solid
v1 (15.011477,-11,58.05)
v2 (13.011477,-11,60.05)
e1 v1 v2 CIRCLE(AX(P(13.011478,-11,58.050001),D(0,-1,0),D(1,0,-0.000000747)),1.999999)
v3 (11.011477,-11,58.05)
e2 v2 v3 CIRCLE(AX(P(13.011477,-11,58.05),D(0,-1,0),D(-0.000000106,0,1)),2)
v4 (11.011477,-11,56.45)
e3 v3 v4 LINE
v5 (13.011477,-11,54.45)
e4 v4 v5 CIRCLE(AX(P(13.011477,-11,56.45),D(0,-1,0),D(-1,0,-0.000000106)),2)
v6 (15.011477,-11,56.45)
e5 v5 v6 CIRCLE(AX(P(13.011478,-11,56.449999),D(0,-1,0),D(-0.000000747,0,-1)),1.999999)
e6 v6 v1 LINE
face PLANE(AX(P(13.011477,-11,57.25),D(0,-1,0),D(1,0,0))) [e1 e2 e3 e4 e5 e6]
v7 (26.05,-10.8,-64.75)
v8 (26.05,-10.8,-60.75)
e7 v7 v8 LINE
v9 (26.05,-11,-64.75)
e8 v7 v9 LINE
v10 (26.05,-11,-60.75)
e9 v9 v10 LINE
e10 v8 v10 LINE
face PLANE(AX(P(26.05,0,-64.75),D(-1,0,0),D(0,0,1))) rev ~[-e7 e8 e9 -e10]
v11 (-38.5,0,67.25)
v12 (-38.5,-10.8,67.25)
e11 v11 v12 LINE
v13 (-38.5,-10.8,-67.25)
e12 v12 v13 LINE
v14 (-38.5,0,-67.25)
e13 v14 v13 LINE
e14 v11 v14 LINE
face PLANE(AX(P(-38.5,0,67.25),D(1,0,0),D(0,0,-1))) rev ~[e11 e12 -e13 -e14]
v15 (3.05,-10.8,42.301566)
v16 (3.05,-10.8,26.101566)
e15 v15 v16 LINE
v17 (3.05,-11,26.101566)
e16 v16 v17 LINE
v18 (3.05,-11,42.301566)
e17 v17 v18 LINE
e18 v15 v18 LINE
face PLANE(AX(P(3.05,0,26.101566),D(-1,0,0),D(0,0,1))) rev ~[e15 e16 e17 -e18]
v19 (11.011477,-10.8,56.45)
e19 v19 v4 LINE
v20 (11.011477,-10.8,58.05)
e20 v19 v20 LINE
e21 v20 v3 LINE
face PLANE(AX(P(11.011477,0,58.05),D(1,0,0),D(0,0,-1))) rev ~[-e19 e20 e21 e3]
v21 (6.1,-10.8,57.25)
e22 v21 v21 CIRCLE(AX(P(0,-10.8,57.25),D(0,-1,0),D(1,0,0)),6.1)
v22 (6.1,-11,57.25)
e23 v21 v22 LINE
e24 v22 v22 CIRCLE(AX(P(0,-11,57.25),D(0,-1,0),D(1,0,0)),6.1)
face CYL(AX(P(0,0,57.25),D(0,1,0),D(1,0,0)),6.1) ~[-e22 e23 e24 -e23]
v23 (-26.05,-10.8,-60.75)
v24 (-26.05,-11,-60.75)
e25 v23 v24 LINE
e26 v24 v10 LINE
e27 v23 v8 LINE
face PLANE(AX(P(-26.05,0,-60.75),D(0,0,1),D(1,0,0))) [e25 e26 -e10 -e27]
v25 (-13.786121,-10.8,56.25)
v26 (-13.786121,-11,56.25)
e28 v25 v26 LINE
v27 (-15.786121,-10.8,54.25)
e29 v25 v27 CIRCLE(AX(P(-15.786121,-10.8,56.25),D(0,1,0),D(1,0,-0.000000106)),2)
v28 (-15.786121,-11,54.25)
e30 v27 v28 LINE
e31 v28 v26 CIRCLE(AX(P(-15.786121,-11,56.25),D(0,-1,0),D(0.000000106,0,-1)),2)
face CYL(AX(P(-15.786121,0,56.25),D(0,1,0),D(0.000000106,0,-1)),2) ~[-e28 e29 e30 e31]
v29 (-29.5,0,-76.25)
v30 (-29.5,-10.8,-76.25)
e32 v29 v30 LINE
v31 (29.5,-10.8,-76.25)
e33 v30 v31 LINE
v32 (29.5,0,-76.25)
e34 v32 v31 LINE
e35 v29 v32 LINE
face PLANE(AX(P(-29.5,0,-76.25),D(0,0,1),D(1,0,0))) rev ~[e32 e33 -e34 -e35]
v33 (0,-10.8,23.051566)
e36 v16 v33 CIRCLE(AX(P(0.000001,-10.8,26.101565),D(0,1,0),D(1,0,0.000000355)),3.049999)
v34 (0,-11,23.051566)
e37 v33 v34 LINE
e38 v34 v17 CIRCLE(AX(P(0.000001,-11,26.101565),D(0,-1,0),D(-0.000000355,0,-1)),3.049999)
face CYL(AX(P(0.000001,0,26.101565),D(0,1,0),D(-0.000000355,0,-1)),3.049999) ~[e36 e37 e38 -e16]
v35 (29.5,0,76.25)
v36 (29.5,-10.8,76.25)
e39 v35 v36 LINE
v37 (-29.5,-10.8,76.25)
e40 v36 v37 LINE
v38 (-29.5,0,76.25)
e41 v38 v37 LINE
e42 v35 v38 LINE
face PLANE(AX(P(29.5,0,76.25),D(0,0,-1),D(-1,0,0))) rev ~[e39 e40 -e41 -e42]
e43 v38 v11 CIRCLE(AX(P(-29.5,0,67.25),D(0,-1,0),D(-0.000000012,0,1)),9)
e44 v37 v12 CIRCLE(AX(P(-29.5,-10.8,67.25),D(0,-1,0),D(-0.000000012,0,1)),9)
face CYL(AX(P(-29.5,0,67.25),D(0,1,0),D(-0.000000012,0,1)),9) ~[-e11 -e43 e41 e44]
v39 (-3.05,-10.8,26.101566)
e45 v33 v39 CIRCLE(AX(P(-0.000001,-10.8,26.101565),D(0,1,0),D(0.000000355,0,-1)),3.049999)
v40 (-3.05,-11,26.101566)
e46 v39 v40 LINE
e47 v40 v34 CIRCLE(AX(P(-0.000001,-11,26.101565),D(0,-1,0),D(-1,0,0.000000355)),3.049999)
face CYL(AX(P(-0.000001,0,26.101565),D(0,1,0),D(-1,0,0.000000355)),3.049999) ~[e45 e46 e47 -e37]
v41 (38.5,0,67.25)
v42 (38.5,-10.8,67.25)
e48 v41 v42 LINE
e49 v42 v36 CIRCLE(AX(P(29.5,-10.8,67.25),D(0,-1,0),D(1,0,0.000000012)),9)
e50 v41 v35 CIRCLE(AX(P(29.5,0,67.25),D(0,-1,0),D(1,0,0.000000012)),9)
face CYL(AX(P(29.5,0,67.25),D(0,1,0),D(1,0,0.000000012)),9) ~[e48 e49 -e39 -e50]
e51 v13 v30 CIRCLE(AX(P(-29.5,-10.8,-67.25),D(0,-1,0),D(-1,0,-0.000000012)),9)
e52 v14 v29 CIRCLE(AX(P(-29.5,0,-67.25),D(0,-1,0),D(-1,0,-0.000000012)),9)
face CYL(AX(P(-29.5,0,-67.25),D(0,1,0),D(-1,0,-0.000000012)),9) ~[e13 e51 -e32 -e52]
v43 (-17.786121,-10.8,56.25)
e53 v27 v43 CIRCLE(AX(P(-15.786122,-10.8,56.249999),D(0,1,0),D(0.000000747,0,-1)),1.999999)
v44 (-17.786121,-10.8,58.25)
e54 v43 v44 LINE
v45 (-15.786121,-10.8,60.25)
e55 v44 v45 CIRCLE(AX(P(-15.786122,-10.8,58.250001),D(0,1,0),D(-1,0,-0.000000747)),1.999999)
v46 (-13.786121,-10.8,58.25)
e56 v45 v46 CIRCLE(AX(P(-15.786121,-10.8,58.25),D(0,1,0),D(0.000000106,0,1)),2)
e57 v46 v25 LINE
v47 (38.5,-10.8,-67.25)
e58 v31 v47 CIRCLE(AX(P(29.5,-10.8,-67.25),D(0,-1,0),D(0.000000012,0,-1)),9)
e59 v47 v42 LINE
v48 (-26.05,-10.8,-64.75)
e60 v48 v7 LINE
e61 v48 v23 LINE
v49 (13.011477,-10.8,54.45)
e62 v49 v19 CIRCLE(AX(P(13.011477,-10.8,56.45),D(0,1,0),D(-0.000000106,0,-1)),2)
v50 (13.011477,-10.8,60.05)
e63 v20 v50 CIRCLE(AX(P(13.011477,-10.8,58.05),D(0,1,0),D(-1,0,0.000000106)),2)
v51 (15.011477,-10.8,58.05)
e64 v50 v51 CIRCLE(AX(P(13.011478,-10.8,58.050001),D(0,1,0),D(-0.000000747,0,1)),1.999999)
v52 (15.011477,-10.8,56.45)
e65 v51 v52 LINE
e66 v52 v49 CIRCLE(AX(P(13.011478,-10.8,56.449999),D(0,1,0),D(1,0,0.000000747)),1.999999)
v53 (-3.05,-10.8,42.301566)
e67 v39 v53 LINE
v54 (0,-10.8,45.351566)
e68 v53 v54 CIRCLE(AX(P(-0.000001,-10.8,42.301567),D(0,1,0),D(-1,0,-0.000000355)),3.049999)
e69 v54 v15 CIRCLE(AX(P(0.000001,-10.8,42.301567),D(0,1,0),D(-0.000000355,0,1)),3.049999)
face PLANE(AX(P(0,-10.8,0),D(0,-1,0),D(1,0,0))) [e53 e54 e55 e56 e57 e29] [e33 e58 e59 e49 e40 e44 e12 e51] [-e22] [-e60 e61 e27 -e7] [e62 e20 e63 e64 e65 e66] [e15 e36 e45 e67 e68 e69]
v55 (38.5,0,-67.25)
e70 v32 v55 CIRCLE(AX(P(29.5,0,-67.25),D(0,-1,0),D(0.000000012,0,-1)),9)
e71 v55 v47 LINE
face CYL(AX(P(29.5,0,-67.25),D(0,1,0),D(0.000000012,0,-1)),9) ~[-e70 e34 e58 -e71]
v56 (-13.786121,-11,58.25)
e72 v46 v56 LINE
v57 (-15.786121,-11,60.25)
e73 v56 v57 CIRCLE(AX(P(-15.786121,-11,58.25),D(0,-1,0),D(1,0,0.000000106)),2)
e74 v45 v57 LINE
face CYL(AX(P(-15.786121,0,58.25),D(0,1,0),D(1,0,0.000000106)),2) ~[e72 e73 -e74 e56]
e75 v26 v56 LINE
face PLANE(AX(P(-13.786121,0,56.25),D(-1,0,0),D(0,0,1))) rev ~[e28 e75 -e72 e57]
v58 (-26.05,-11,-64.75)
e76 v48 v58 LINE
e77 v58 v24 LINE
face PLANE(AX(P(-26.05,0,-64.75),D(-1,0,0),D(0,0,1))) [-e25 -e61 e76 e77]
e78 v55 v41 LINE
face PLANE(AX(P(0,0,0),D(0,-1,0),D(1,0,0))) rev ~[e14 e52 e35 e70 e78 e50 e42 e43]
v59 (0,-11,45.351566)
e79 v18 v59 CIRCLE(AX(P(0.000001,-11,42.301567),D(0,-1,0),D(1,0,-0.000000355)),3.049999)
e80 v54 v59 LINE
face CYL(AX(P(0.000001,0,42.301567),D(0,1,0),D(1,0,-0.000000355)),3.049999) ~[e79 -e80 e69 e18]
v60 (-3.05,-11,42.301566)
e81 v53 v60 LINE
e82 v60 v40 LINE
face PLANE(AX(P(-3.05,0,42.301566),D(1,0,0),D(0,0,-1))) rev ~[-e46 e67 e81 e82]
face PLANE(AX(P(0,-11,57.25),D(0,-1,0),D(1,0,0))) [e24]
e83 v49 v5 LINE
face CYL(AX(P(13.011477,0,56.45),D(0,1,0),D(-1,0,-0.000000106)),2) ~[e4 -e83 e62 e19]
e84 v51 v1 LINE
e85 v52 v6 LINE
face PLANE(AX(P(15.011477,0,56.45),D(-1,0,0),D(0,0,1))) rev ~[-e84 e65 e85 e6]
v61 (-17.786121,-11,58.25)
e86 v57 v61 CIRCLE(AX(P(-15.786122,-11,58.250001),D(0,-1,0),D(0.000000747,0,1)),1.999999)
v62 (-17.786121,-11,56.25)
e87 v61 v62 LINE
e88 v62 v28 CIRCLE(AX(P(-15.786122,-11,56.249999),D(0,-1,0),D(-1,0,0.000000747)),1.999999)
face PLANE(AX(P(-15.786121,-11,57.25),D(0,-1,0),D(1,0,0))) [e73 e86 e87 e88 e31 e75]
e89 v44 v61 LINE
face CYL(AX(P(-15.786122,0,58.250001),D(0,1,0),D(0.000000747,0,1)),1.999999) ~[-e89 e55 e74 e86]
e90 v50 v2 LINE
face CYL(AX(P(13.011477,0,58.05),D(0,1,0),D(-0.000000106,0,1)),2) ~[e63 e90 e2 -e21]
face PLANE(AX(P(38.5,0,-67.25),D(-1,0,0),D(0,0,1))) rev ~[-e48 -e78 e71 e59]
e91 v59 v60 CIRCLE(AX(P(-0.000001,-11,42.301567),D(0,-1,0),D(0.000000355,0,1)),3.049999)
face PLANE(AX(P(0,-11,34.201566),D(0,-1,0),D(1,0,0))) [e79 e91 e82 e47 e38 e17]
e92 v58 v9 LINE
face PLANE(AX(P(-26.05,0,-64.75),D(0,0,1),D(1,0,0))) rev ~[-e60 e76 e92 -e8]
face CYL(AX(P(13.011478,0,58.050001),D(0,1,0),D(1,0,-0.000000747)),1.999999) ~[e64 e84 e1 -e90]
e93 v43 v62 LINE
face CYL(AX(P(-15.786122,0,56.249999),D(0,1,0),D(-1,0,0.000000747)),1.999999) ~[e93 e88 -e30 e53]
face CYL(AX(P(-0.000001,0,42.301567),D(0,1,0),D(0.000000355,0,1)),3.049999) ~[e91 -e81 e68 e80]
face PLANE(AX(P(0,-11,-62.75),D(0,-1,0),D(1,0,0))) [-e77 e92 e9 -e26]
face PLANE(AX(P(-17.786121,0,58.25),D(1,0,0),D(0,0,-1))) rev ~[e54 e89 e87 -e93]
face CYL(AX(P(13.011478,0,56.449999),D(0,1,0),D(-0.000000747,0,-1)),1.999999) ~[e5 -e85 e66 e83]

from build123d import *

# Parameters (mm, degrees)
F0_W     = 52.1
F0_H     = 4
F0_R     = 6.1
F1_DEPTH = 10.8
F2_DEPTH = 11


with BuildPart() as f1:
    # F0 (on Front) → F1 (new body)
    with BuildSketch(Plane.XZ):
        with BuildLine():
            Line((-29.5, -76.25), (29.5, -76.25))
            ThreePointArc((29.5, -76.25), (35.863961, -73.613961), (38.5, -67.25))
            Line((38.5, -67.25), (38.5, 67.25))
            ThreePointArc((38.5, 67.25), (35.863961, 73.613961), (29.5, 76.25))
            Line((29.5, 76.25), (-29.5, 76.25))
            ThreePointArc((-29.5, 76.25), (-35.863961, 73.613961), (-38.5, 67.25))
            Line((-38.5, 67.25), (-38.5, -67.25))
            ThreePointArc((-38.5, -67.25), (-35.863961, -73.613961), (-29.5, -76.25))
        make_face()
        with Locations((0, -62.75)):
            Rectangle(F0_W, F0_H, mode=Mode.SUBTRACT)
        with BuildLine():
            Line((-13.786121, 58.25), (-13.786121, 56.25))
            ThreePointArc((-13.786121, 56.25), (-14.371908, 54.835786), (-15.786121, 54.25))
            ThreePointArc((-15.786121, 54.25), (-17.200335, 54.835786), (-17.786121, 56.25))
            Line((-17.786121, 56.25), (-17.786121, 58.25))
            ThreePointArc((-17.786121, 58.25), (-17.200335, 59.664214), (-15.786121, 60.25))
            ThreePointArc((-15.786121, 60.25), (-14.371908, 59.664214), (-13.786121, 58.25))
        make_face(mode=Mode.SUBTRACT)
        with BuildLine():
            Line((3.05, 42.301566), (3.05, 26.101566))
            ThreePointArc((3.05, 26.101566), (2.156676, 23.94489), (0, 23.051566))
            ThreePointArc((0, 23.051566), (-2.156676, 23.94489), (-3.05, 26.101566))
            Line((-3.05, 26.101566), (-3.05, 42.301566))
            ThreePointArc((-3.05, 42.301566), (-2.156676, 44.458242), (0, 45.351566))
            ThreePointArc((0, 45.351566), (2.156676, 44.458242), (3.05, 42.301566))
        make_face(mode=Mode.SUBTRACT)
        with Locations((0, 57.25)):
            Circle(F0_R, mode=Mode.SUBTRACT)
        with BuildLine():
            Line((15.011477, 58.05), (15.011477, 56.45))
            ThreePointArc((15.011477, 56.45), (14.425691, 55.035786), (13.011477, 54.45))
            ThreePointArc((13.011477, 54.45), (11.597264, 55.035786), (11.011477, 56.45))
            Line((11.011477, 56.45), (11.011477, 58.05))
            ThreePointArc((11.011477, 58.05), (11.597264, 59.464214), (13.011477, 60.05))
            ThreePointArc((13.011477, 60.05), (14.425691, 59.464214), (15.011477, 58.05))
        make_face(mode=Mode.SUBTRACT)
    extrude(amount=F1_DEPTH)

    # F0 (on Front) → F2 (join)
    with BuildSketch(Plane.XZ):
        with Locations((0, 57.25)):
            Circle(F0_R)
        with BuildLine():
            ThreePointArc((-15.786121, 54.25), (-14.371908, 54.835786), (-13.786121, 56.25))
            Line((-13.786121, 56.25), (-13.786121, 58.25))
            ThreePointArc((-13.786121, 58.25), (-14.371908, 59.664214), (-15.786121, 60.25))
            ThreePointArc((-15.786121, 60.25), (-17.200335, 59.664214), (-17.786121, 58.25))
            Line((-17.786121, 58.25), (-17.786121, 56.25))
            ThreePointArc((-17.786121, 56.25), (-17.200335, 54.835786), (-15.786121, 54.25))
        make_face()
        with BuildLine():
            ThreePointArc((13.011477, 54.45), (14.425691, 55.035786), (15.011477, 56.45))
            Line((15.011477, 56.45), (15.011477, 58.05))
            ThreePointArc((15.011477, 58.05), (14.425691, 59.464214), (13.011477, 60.05))
            ThreePointArc((13.011477, 60.05), (11.597264, 59.464214), (11.011477, 58.05))
            Line((11.011477, 58.05), (11.011477, 56.45))
            ThreePointArc((11.011477, 56.45), (11.597264, 55.035786), (13.011477, 54.45))
        make_face()
        with BuildLine():
            ThreePointArc((0, 23.051566), (2.156676, 23.94489), (3.05, 26.101566))
            Line((3.05, 26.101566), (3.05, 42.301566))
            ThreePointArc((3.05, 42.301566), (2.156676, 44.458242), (0, 45.351566))
            ThreePointArc((0, 45.351566), (-2.156676, 44.458242), (-3.05, 42.301566))
            Line((-3.05, 42.301566), (-3.05, 26.101566))
            ThreePointArc((-3.05, 26.101566), (-2.156676, 23.94489), (0, 23.051566))
        make_face()
        with Locations((0, -62.75)):
            Rectangle(F0_W, F0_H)
    extrude(amount=F2_DEPTH)


solid = f1.part
